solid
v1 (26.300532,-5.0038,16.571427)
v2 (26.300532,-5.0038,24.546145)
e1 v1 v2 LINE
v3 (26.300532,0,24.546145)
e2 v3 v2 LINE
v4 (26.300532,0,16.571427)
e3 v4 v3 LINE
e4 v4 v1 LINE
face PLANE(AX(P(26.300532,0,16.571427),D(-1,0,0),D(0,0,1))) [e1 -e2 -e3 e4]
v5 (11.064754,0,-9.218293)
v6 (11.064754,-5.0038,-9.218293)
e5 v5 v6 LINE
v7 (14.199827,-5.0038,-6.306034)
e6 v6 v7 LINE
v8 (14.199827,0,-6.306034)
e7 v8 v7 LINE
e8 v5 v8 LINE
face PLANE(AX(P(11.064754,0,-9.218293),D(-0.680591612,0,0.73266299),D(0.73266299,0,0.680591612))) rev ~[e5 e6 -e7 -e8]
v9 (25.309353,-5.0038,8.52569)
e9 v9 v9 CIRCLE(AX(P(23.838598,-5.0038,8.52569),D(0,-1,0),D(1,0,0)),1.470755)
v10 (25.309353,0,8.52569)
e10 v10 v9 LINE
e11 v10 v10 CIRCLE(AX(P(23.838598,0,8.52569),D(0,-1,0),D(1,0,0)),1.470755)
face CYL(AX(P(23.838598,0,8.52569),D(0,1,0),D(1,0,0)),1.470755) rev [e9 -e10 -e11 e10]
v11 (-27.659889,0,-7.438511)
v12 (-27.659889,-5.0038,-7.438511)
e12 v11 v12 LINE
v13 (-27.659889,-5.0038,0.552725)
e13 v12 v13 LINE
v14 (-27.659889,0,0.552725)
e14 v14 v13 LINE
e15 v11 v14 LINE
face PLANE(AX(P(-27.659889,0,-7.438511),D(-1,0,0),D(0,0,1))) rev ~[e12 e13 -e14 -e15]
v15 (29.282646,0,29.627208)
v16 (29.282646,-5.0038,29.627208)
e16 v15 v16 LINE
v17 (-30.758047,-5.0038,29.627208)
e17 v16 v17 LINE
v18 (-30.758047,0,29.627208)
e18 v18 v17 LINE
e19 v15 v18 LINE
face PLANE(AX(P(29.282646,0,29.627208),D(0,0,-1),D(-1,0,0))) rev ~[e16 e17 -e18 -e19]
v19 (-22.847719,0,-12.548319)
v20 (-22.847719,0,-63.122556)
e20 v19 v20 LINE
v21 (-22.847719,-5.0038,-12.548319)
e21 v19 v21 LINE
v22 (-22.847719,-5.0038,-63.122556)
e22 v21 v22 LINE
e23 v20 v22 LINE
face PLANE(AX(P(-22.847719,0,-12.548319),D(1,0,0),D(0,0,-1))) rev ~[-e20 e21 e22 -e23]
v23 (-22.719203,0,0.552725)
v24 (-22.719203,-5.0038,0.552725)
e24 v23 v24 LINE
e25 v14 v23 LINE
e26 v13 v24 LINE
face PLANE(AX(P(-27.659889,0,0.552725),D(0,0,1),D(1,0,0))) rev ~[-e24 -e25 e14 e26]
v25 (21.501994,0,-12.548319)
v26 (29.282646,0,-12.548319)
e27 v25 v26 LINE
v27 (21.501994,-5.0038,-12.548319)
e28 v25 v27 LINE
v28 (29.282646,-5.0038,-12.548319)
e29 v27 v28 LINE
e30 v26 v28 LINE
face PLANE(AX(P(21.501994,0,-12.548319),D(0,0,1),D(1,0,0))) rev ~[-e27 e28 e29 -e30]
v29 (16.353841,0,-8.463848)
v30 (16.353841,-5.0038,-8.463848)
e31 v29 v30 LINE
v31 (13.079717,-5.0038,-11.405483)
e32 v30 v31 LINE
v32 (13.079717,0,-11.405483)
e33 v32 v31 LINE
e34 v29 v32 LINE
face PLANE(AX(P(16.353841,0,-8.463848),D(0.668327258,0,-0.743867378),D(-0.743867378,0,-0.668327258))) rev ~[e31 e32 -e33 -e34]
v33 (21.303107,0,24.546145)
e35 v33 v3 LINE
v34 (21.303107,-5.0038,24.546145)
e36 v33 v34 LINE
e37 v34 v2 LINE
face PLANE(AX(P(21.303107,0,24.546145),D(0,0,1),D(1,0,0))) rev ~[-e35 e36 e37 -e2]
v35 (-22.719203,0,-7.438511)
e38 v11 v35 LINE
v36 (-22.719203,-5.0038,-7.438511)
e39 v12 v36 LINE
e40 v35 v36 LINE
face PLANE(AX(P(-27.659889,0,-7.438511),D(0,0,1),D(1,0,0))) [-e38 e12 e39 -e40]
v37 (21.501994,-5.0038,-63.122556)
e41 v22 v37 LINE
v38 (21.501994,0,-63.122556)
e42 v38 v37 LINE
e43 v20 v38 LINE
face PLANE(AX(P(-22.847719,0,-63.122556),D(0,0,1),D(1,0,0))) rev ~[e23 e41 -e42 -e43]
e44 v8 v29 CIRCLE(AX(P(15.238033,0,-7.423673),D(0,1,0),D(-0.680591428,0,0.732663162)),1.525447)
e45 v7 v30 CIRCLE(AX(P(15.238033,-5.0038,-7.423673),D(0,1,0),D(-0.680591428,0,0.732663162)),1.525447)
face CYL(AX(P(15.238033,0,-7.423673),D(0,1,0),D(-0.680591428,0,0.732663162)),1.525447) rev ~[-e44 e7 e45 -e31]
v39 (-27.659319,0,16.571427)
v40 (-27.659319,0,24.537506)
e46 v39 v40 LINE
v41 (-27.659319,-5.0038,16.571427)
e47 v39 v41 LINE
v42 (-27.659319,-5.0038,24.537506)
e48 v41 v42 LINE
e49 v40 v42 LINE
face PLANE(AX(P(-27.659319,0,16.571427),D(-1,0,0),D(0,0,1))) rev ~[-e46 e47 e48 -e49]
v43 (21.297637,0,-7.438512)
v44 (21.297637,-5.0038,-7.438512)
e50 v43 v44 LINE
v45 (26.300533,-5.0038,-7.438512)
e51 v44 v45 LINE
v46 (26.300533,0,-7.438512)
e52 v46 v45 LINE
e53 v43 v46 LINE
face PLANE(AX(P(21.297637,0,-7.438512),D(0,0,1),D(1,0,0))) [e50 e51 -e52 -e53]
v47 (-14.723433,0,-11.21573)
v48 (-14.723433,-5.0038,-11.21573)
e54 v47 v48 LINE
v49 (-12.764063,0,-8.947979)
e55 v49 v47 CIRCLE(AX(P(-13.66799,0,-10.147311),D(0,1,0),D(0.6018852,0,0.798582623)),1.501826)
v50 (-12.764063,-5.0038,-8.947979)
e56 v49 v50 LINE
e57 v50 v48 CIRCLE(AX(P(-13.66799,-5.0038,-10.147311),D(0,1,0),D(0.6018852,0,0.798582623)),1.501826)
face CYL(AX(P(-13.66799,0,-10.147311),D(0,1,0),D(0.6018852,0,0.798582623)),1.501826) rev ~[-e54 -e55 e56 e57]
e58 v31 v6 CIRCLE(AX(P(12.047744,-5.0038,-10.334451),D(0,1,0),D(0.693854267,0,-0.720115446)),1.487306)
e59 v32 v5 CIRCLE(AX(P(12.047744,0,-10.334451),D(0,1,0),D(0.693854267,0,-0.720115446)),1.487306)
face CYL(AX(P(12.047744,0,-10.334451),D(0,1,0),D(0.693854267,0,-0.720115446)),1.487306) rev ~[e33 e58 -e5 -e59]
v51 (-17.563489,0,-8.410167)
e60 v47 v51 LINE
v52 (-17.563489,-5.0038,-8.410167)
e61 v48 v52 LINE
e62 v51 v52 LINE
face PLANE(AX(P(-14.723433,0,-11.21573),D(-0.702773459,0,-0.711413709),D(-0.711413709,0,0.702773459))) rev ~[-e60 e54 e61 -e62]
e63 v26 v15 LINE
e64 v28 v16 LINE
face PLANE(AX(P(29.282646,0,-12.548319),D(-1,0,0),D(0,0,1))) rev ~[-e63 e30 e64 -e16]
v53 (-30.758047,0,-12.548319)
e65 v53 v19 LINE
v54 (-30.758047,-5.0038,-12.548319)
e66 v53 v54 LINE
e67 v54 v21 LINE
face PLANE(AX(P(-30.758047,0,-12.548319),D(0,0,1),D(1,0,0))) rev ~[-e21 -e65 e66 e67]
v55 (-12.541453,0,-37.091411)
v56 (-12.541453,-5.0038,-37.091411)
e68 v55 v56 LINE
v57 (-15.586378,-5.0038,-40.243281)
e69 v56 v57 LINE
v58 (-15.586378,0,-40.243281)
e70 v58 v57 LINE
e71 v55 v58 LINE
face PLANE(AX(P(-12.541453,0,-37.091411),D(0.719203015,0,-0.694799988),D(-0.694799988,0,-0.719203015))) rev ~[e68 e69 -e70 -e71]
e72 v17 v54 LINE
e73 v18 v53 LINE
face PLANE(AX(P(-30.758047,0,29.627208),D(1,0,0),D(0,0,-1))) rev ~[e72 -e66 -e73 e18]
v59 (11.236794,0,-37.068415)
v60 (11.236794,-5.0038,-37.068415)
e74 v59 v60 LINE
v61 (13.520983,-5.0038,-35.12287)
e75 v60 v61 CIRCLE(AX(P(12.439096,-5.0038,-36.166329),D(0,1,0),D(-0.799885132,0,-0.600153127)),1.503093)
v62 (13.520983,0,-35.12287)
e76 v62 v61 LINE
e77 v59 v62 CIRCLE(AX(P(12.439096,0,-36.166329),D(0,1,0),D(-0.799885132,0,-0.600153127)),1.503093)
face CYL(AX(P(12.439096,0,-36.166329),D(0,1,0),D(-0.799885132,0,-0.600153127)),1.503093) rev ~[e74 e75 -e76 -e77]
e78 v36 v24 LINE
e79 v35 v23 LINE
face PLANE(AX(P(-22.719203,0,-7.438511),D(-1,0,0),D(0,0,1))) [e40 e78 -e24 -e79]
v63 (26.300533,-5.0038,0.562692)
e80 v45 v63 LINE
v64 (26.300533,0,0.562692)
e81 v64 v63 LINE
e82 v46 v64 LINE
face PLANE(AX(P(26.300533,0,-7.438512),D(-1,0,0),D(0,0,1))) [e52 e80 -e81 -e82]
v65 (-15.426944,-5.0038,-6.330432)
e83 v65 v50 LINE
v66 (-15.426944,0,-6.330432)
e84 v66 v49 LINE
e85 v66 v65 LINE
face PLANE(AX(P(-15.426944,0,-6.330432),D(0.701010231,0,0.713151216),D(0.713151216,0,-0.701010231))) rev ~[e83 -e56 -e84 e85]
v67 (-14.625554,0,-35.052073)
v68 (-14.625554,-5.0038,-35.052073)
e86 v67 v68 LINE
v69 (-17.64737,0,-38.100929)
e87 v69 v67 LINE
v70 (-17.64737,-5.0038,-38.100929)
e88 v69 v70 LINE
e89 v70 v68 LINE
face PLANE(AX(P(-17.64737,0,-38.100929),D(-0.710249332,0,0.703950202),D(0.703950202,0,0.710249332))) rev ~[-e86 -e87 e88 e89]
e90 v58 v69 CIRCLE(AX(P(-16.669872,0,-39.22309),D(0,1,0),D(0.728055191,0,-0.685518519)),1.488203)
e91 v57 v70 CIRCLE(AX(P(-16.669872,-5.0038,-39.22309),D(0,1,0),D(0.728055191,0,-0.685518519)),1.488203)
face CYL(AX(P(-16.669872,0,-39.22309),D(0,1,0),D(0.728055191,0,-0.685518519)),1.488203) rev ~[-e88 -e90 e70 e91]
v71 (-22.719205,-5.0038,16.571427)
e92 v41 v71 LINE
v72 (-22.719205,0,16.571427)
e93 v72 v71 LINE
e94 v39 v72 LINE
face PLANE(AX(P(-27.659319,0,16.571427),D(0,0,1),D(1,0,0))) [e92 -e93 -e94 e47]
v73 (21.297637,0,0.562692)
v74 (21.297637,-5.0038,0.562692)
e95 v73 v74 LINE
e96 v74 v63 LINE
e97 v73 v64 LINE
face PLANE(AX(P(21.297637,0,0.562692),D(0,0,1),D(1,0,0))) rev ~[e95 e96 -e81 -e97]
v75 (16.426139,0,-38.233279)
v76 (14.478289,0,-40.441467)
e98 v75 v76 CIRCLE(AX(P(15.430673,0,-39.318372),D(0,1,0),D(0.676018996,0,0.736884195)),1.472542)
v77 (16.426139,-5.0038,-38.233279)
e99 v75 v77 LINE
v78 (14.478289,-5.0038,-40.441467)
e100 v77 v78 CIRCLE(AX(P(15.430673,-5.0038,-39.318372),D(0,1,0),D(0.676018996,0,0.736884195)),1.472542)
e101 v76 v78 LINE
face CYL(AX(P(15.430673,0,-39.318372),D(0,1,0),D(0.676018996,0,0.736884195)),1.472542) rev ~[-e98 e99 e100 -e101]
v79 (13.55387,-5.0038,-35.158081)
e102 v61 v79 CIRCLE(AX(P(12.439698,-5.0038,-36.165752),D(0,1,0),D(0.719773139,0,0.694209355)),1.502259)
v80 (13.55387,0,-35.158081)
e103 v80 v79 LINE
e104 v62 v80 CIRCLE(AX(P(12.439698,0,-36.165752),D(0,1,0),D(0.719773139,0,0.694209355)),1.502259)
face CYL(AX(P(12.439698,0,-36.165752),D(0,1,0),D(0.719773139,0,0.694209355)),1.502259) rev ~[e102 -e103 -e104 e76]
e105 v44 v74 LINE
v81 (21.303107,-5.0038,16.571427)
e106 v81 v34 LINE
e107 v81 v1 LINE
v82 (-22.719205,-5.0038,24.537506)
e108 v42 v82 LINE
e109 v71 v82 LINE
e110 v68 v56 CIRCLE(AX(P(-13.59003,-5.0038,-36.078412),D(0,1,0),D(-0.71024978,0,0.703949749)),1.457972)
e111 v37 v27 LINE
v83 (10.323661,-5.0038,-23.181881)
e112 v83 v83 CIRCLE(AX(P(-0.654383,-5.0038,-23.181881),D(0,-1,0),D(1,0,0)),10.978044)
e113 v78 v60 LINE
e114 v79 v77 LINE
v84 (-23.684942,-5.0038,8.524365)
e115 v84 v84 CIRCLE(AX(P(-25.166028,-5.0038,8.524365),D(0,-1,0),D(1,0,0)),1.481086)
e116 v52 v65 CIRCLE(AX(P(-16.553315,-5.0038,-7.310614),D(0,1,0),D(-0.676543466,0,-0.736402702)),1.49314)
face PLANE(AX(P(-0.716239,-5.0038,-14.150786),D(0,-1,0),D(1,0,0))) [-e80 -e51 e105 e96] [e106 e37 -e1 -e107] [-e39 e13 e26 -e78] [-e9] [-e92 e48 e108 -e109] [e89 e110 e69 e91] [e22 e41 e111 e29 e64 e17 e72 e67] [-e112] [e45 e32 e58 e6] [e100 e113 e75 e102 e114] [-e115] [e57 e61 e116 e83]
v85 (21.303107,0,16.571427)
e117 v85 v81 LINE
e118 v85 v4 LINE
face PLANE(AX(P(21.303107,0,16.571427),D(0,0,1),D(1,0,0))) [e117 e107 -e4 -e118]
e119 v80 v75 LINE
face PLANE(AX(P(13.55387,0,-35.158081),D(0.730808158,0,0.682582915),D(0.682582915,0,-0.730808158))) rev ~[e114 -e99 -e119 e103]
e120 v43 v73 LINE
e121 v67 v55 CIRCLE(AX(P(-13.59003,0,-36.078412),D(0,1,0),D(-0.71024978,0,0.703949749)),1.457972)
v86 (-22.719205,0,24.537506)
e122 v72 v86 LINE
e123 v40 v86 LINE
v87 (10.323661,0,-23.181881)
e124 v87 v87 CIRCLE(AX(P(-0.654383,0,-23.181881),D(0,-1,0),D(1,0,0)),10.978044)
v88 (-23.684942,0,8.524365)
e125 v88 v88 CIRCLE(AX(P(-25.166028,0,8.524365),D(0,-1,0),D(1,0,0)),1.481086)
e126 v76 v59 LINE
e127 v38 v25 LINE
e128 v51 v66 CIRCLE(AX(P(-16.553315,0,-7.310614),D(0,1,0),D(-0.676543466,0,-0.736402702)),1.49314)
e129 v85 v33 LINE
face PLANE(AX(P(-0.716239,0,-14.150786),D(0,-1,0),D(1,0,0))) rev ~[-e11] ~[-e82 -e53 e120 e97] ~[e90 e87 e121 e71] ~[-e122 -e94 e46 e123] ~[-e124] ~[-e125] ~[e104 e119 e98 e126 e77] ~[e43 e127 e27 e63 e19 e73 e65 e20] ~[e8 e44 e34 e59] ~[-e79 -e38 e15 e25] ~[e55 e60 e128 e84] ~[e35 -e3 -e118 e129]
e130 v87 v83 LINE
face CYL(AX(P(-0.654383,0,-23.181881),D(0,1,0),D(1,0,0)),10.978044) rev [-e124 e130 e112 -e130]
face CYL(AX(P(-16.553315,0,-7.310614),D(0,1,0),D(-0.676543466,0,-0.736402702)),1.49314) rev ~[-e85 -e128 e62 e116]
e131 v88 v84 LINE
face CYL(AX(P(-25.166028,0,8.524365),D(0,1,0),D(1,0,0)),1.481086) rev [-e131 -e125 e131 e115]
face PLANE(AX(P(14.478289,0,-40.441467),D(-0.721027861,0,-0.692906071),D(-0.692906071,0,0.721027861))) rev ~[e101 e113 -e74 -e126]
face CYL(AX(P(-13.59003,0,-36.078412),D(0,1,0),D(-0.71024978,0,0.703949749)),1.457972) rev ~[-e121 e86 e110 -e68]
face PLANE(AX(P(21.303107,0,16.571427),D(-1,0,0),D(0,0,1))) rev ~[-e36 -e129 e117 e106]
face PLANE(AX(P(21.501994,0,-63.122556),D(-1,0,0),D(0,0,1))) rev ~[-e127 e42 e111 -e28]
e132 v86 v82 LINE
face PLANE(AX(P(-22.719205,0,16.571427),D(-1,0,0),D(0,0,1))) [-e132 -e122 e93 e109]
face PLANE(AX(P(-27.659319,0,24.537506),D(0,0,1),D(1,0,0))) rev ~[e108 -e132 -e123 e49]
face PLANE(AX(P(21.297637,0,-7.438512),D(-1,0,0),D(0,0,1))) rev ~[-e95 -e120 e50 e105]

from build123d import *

# Parameters (mm, degrees)
F0_R     = 10.978044
F0_W     = 4.940685
F0_H     = 7.991237
F0_R_2   = 1.481086
F0_W_2   = 4.940115
F0_H_2   = 7.966079
F0_W_3   = 5.002896
F0_H_3   = 8.001204
F0_R_3   = 1.470755
F0_W_4   = 4.997425
F0_H_4   = 7.974718
F1_DEPTH = 5.0038


with BuildPart() as f1:
    # F0 (on Front) → F1 (new body)
    with BuildSketch(Plane.XZ):
        Polygon((29.282646, 29.627208), (-30.758047, 29.627208), (-30.758047, -12.548319), (-22.847719, -12.548319), (-22.847719, -63.122556), (21.501994, -63.122556), (21.501994, -12.548319), (29.282646, -12.548319), align=None)
        with BuildLine():
            ThreePointArc((-15.586378, -40.243281), (-17.742358, -40.254847), (-17.64737, -38.100929))
            Line((-17.64737, -38.100929), (-14.625554, -35.052073))
            ThreePointArc((-14.625554, -35.052073), (-12.57034, -35.03634), (-12.541453, -37.091411))
            Line((-12.541453, -37.091411), (-15.586378, -40.243281))
        make_face(mode=Mode.SUBTRACT)
        with BuildLine():
            ThreePointArc((16.426139, -38.233279), (16.534977, -40.292482), (14.478289, -40.441467))
            Line((14.478289, -40.441467), (11.236794, -37.068415))
            ThreePointArc((11.236794, -37.068415), (11.464462, -35.022049), (13.520983, -35.12287))
            ThreePointArc((13.520983, -35.12287), (13.537568, -35.140344), (13.55387, -35.158081))
            Line((13.55387, -35.158081), (16.426139, -38.233279))
        make_face(mode=Mode.SUBTRACT)
        with Locations((-0.654383, -23.181881)):
            Circle(F0_R, mode=Mode.SUBTRACT)
        with Locations((-25.189546, -3.442893)):
            Rectangle(F0_W, F0_H, mode=Mode.SUBTRACT)
        with BuildLine():
            ThreePointArc((-17.563489, -8.410167), (-17.594804, -6.240676), (-15.426944, -6.330432))
            Line((-15.426944, -6.330432), (-12.764063, -8.947979))
            ThreePointArc((-12.764063, -8.947979), (-12.531586, -11.12918), (-14.723433, -11.21573))
            Line((-14.723433, -11.21573), (-17.563489, -8.410167))
        make_face(mode=Mode.SUBTRACT)
        with Locations((-25.166028, 8.524365)):
            Circle(F0_R_2, mode=Mode.SUBTRACT)
        with Locations((-25.189262, 20.554467)):
            Rectangle(F0_W_2, F0_H_2, mode=Mode.SUBTRACT)
        with BuildLine():
            ThreePointArc((14.199827, -6.306034), (16.317638, -6.34597), (16.353841, -8.463848))
            Line((16.353841, -8.463848), (13.079717, -11.405483))
            ThreePointArc((13.079717, -11.405483), (10.953875, -11.342186), (11.064754, -9.218293))
            Line((11.064754, -9.218293), (14.199827, -6.306034))
        make_face(mode=Mode.SUBTRACT)
        with Locations((23.799085, -3.43791)):
            Rectangle(F0_W_3, F0_H_3, mode=Mode.SUBTRACT)
        with Locations((23.838598, 8.52569)):
            Circle(F0_R_3, mode=Mode.SUBTRACT)
        with Locations((23.80182, 20.558786)):
            Rectangle(F0_W_4, F0_H_4, mode=Mode.SUBTRACT)
    extrude(amount=F1_DEPTH)


solid = f1.part
